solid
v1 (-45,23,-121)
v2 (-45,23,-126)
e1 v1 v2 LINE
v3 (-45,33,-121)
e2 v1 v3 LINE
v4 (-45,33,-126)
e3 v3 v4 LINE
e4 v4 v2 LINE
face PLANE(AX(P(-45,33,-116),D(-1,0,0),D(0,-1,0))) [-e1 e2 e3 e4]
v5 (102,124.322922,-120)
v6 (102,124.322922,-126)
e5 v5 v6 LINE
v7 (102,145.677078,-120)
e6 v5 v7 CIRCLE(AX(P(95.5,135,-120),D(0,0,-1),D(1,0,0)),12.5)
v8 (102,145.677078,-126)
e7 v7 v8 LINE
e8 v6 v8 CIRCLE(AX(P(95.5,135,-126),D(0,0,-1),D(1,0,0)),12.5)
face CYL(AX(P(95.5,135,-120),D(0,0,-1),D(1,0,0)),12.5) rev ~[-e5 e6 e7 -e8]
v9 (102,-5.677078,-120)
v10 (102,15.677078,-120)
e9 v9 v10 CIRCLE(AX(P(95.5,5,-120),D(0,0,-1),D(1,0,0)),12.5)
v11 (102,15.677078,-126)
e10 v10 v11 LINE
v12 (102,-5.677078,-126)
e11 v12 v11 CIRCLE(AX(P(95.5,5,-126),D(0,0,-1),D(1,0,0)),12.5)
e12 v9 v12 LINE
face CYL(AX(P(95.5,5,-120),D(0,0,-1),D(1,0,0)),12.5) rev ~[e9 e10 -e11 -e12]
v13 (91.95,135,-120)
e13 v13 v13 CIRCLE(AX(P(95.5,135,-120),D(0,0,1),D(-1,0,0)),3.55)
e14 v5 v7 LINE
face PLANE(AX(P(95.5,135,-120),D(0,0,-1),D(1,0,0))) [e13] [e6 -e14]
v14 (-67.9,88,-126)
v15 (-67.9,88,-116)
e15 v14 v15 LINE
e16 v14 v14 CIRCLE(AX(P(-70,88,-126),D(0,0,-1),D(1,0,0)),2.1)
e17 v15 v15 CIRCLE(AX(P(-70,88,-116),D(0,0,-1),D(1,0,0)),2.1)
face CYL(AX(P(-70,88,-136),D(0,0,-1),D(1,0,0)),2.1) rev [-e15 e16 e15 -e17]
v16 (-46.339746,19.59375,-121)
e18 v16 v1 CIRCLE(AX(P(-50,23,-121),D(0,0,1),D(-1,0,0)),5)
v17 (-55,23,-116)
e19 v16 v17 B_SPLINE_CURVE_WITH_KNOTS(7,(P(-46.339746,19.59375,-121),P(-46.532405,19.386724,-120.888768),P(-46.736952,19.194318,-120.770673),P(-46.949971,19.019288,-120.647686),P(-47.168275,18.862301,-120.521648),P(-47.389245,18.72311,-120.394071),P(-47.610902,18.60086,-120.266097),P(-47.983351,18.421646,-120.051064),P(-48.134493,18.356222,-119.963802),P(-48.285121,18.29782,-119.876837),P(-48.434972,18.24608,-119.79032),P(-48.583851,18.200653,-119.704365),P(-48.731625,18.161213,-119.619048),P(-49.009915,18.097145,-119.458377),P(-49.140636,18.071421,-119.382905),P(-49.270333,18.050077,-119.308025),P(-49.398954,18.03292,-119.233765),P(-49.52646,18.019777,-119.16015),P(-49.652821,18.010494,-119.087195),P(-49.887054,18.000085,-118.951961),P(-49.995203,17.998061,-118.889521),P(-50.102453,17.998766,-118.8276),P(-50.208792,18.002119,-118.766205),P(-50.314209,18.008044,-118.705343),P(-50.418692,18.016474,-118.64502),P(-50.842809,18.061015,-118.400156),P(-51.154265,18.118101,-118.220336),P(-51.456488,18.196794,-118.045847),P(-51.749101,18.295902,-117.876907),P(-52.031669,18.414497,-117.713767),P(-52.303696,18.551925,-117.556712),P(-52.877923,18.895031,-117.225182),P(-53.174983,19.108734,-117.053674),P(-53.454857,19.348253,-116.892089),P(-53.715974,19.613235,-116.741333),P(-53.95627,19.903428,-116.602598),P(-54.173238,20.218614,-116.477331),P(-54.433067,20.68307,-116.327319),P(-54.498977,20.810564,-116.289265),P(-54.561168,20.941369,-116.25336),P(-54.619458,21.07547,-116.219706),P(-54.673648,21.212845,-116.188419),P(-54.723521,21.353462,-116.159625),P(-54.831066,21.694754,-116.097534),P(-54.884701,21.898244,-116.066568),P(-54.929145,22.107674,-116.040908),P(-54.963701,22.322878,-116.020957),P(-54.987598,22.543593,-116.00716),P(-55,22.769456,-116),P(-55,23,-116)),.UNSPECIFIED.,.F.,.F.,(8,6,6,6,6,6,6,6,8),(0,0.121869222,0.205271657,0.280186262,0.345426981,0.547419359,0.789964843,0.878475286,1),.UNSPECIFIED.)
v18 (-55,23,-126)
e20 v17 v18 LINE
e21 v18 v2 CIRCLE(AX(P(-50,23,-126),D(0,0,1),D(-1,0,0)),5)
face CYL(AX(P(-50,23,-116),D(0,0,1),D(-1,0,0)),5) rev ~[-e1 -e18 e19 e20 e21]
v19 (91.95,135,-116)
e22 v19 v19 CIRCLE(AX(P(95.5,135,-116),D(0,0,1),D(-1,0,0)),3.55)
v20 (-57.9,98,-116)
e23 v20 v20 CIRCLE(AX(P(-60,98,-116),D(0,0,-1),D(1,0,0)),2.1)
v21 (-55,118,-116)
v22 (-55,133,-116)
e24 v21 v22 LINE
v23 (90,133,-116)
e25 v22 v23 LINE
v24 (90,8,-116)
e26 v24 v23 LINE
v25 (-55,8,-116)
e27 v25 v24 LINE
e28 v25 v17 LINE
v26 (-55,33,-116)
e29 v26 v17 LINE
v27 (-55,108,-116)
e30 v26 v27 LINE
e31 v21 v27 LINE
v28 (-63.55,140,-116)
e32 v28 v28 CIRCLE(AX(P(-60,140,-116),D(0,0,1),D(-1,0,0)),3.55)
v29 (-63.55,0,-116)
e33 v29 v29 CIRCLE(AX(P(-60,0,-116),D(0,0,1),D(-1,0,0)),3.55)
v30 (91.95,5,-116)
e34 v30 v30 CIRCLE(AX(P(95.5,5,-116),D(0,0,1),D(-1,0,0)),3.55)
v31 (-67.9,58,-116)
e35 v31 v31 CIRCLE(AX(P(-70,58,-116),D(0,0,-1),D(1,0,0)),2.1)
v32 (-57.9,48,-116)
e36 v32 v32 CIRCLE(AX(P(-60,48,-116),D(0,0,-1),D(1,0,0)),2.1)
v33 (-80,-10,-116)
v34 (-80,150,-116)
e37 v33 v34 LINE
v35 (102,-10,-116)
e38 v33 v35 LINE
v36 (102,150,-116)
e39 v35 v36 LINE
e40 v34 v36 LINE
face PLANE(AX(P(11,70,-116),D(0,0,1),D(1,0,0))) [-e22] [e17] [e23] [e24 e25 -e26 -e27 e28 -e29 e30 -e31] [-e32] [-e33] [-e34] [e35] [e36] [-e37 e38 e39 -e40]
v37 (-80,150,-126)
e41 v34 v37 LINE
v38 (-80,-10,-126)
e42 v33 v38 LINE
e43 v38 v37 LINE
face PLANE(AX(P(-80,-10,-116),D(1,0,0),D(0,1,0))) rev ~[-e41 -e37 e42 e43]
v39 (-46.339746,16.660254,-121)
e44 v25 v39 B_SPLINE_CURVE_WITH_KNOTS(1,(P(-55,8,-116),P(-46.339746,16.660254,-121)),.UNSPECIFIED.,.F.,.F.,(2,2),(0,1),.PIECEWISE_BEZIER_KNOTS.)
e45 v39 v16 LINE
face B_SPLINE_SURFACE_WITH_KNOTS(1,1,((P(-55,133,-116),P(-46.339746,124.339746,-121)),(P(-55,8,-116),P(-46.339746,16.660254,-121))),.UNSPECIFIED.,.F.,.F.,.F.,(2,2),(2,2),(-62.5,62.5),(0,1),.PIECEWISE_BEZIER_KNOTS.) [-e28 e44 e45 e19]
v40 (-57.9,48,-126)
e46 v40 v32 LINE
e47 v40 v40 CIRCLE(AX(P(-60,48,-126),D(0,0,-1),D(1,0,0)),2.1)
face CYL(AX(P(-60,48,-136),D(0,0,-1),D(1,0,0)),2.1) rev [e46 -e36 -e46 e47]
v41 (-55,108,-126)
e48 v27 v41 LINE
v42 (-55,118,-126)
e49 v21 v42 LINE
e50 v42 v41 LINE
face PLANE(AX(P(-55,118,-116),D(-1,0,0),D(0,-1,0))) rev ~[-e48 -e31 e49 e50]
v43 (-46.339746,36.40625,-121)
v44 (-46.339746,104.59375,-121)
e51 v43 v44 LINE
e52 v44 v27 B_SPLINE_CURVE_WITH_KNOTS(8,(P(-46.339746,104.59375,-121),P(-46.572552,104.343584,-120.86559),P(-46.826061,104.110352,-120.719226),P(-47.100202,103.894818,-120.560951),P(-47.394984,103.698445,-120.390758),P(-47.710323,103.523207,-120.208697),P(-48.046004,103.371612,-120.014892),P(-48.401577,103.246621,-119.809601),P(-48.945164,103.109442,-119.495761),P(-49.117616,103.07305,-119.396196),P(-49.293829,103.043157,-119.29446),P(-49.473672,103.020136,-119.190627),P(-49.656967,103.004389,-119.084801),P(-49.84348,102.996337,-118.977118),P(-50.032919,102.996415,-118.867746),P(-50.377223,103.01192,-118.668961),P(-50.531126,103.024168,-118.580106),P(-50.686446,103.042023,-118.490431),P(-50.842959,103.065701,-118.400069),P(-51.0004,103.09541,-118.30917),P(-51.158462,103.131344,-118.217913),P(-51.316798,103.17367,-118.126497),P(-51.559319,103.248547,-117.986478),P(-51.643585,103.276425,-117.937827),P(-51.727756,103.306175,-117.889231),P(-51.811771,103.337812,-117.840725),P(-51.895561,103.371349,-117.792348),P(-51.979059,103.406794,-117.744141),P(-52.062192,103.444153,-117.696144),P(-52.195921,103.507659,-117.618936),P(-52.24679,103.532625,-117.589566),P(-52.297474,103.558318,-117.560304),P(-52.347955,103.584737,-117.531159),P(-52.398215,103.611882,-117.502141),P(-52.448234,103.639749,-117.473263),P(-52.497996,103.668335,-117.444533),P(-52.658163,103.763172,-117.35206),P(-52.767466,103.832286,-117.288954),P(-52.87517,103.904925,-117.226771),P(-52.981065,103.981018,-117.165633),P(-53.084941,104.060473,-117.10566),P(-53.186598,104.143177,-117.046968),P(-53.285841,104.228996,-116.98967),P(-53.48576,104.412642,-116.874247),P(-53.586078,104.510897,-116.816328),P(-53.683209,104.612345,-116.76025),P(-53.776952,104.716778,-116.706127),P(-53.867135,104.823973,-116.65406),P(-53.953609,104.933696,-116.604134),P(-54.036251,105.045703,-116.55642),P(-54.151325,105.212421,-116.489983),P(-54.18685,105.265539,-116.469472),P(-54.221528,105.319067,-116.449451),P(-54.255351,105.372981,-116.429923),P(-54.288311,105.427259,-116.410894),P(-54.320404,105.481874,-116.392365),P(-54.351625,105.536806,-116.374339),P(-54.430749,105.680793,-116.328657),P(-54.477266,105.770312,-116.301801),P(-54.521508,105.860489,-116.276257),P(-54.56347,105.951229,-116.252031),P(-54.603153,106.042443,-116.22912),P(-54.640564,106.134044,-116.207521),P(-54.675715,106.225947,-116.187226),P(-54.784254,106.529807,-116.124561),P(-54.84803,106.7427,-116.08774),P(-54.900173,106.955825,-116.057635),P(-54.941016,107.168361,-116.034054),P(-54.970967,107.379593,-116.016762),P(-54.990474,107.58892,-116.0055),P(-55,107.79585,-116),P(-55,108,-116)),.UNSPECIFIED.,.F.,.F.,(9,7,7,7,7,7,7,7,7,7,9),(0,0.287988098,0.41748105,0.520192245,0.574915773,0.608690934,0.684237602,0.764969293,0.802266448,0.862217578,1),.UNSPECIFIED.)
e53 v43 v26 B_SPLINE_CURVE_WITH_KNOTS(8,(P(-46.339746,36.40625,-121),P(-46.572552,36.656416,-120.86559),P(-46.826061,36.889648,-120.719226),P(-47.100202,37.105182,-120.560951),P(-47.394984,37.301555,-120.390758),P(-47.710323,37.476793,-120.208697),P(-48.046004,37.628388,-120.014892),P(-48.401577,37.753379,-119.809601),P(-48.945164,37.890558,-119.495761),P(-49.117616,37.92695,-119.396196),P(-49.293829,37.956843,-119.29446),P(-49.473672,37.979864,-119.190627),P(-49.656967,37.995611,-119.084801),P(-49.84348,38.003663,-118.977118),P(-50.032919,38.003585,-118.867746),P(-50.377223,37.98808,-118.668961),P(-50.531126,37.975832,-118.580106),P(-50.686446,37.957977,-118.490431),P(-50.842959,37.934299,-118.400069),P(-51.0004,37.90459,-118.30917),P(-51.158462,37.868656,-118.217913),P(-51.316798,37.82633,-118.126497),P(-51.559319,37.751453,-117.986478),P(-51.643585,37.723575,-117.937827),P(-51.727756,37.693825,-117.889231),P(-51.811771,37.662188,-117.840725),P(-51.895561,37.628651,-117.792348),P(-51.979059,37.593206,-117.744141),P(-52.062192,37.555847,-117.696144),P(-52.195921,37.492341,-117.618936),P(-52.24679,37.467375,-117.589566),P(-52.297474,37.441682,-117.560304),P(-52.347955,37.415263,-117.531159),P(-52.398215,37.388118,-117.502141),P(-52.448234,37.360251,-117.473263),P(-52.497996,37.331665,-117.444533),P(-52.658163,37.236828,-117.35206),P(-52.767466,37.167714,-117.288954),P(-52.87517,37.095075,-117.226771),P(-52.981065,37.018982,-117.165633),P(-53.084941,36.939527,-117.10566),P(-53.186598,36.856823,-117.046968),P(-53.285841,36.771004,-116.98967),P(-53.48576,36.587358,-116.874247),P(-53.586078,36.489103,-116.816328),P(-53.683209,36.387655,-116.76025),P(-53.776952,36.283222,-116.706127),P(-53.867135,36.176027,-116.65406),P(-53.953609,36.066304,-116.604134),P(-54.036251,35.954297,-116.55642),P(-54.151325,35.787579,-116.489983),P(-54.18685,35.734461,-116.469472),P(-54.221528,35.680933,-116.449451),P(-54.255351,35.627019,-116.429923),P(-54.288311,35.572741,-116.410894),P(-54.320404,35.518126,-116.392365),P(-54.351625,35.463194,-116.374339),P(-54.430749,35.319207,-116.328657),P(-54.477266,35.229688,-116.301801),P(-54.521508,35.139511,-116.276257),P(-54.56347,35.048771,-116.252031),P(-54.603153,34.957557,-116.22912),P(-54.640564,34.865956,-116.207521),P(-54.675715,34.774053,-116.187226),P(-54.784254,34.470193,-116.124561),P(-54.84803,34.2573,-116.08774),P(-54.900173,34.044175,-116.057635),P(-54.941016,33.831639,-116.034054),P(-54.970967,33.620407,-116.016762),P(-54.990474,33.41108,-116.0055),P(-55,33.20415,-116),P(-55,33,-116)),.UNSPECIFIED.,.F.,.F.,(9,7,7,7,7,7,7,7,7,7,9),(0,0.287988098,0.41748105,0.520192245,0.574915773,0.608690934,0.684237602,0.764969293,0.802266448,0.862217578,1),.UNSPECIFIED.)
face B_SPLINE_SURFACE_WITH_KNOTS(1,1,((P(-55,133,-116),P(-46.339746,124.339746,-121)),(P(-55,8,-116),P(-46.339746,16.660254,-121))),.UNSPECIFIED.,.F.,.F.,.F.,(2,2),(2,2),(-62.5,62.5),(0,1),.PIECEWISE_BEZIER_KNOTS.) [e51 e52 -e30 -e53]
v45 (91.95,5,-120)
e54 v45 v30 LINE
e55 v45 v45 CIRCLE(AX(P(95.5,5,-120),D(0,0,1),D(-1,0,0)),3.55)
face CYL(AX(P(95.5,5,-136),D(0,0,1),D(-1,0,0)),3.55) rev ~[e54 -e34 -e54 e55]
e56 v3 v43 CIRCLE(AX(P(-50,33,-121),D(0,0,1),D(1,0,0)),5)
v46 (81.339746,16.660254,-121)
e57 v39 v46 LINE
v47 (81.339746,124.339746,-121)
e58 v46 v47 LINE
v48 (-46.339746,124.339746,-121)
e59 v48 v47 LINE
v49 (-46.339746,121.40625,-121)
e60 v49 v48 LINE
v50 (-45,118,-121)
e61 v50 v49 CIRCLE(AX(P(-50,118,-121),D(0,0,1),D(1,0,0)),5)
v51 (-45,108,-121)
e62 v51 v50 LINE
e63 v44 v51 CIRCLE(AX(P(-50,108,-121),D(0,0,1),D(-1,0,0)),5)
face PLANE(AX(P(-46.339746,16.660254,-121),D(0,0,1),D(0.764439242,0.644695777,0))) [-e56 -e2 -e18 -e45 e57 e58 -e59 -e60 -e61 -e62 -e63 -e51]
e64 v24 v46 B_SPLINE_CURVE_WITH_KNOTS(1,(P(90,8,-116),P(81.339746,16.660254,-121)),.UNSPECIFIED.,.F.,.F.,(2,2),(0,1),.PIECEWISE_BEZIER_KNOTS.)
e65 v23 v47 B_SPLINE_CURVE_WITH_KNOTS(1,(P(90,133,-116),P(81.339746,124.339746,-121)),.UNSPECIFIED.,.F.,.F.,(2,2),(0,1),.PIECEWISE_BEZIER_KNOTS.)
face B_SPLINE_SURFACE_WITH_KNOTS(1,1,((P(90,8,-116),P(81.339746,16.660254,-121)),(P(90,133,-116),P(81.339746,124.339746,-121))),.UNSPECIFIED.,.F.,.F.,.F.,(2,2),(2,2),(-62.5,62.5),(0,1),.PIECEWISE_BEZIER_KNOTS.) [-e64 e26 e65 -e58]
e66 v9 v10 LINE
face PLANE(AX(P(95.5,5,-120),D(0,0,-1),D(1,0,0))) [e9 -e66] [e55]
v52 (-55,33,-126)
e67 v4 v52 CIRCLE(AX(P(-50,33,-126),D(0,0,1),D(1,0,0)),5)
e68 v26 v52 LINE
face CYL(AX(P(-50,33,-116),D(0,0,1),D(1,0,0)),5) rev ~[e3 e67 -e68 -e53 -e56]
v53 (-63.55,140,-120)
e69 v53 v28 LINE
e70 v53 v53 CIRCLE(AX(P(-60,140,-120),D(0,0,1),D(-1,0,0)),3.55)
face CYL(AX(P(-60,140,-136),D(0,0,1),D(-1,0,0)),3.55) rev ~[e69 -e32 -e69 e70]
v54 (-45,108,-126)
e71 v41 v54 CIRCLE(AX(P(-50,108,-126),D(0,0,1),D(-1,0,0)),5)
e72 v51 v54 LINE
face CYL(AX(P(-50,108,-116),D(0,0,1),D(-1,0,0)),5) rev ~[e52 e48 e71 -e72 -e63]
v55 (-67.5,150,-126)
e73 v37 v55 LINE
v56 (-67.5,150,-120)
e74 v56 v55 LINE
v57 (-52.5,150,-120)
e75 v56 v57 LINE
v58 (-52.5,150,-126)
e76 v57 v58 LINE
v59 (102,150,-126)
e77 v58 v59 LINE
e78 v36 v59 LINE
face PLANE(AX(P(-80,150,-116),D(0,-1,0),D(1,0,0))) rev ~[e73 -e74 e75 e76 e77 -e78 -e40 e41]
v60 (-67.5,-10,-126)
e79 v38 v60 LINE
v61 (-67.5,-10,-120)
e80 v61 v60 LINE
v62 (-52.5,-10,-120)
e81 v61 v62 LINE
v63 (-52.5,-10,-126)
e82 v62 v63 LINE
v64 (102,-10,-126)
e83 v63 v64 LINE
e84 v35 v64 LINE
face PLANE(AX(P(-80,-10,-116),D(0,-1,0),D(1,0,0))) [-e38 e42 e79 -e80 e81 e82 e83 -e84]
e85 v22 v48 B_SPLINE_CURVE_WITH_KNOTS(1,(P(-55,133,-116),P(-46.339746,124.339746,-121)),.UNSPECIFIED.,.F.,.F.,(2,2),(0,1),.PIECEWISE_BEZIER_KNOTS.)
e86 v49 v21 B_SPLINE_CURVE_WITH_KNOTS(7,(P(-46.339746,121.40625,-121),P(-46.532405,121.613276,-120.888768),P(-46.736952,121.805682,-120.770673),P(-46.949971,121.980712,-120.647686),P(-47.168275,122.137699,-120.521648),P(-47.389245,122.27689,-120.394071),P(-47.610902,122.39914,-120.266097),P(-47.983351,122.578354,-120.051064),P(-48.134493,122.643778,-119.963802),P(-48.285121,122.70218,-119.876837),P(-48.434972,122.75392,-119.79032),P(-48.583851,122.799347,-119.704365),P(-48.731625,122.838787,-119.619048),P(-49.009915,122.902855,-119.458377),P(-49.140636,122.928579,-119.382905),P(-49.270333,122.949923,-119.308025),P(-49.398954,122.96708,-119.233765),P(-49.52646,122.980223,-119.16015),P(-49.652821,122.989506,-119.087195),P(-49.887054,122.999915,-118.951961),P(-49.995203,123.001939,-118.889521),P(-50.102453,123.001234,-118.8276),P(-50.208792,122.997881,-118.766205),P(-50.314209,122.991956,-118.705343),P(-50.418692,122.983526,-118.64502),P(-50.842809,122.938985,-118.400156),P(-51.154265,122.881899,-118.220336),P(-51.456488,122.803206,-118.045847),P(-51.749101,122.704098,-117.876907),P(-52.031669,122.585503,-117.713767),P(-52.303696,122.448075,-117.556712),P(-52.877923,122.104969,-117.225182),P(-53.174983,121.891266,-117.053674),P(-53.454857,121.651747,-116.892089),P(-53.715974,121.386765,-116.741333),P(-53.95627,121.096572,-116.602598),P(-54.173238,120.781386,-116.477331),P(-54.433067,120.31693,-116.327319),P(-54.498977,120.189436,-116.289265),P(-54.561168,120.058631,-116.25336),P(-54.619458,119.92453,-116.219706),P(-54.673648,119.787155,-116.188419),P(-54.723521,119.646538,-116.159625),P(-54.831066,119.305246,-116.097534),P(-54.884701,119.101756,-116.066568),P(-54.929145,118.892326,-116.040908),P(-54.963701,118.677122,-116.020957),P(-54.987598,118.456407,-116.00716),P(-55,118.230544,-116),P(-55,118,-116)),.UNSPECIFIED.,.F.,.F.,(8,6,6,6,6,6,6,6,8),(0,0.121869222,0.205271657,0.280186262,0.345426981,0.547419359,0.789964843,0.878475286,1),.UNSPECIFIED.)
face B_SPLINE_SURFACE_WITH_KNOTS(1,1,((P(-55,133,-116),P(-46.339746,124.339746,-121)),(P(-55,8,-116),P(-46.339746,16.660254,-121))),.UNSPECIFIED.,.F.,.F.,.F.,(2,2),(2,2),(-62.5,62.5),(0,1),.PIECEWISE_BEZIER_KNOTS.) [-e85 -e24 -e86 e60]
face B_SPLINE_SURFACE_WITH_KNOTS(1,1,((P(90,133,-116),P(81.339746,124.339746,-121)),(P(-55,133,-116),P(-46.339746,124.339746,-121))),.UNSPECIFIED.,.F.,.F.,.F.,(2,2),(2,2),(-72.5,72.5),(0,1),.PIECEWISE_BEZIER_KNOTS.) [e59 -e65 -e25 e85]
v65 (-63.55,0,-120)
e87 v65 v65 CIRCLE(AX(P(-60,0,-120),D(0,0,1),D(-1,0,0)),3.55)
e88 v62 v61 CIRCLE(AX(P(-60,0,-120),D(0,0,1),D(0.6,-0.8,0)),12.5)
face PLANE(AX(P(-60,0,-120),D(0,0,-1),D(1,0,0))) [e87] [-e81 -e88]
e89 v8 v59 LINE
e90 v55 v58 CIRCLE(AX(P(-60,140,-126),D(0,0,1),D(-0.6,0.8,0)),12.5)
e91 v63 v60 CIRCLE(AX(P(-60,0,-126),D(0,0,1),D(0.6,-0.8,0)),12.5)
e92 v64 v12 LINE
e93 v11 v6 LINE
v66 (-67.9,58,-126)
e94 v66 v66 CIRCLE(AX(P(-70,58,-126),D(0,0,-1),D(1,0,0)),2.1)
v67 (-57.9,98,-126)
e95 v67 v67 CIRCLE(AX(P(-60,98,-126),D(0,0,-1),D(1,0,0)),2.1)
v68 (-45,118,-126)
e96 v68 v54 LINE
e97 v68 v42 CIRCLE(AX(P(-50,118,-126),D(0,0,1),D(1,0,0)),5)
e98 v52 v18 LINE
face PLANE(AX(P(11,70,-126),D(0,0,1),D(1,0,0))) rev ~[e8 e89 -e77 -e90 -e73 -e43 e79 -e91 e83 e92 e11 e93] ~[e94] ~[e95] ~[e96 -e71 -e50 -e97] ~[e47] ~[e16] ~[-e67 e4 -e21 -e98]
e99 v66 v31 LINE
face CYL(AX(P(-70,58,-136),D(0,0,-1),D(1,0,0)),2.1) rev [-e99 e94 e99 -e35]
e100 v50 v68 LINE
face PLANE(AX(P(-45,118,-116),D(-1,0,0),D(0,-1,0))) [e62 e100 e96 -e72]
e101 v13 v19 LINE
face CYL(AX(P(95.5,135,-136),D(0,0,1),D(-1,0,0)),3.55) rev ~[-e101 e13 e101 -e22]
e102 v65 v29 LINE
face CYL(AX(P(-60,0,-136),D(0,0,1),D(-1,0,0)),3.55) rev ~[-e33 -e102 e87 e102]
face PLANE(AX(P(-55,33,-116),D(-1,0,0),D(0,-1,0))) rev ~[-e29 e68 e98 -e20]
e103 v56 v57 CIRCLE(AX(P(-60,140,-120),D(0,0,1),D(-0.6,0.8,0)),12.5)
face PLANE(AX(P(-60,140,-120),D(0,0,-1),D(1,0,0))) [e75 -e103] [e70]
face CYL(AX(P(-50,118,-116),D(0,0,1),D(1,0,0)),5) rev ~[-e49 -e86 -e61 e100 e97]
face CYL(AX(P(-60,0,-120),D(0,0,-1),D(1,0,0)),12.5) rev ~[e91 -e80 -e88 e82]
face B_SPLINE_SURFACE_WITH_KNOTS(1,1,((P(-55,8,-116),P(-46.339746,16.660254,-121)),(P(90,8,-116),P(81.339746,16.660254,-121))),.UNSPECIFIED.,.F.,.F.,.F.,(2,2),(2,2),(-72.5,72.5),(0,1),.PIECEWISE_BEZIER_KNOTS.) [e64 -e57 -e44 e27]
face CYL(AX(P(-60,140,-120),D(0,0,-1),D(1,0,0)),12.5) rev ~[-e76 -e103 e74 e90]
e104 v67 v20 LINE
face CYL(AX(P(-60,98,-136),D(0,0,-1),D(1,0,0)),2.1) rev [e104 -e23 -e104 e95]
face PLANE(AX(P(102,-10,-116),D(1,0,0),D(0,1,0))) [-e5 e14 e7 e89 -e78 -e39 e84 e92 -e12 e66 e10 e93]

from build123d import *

# Parameters (mm, degrees)
SKETCH014_W         = 182
SKETCH014_H         = 160
PAD007_DEPTH        = 10
HOLE006_D           = 7.1
HOLE006_DEPTH       = 52
HOLE006_CBORE_D     = 25
HOLE006_CBORE_DEPTH = 16
POCKET002_DEPTH     = 29
SKETCH018_W         = 145
SKETCH018_H         = 125
POCKET003_DEPTH     = 5
POCKET003_TAPER     = 60
SKETCH019_R         = 2.1
HOLE007_DEPTH       = 25


with BuildPart() as part:
    # Sketch014 → Pad007 (new body)
    with BuildSketch(Plane.XY):
        with Locations((91, 82)):
            Rectangle(SKETCH014_W, SKETCH014_H)
    extrude(amount=-PAD007_DEPTH)

    # Hole006
    with Locations(Plane(origin=(0, 0, -20), x_dir=(1, 0, 0), z_dir=(0, 0, -1))):
        with Locations((20, -152), (20, -12), (175.5, -147), (175.5, -17)):
            CounterBoreHole(HOLE006_D / 2, HOLE006_CBORE_D / 2, HOLE006_CBORE_DEPTH, depth=HOLE006_DEPTH)

    # Sketch017 → Pocket002 (cut)
    with BuildSketch(Plane.XY):
        with BuildLine():
            ThreePointArc((35, 130), (30, 135), (25, 130))
            Line((25, 130), (25, 120))
            ThreePointArc((25, 120), (30, 115), (35, 120))
            Line((35, 130), (35, 120))
        make_face()
        with BuildLine():
            ThreePointArc((35, 45), (30, 50), (25, 45))
            Line((25, 45), (25, 35))
            ThreePointArc((25, 35), (30, 30), (35, 35))
            Line((35, 45), (35, 35))
        make_face()
    extrude(amount=-POCKET002_DEPTH, mode=Mode.SUBTRACT)

    # Sketch018 → Pocket003 (cut)
    with BuildSketch(Plane.XY):
        with Locations((97.5, 82.5)):
            Rectangle(SKETCH018_W, SKETCH018_H)
    extrude(amount=-POCKET003_DEPTH, taper=POCKET003_TAPER, mode=Mode.SUBTRACT)

    # Sketch019 → Hole007 (cut)
    with BuildSketch(Plane.XY.offset(-20)):
        with Locations((20, 60)):
            Circle(SKETCH019_R)
        with Locations((20, 110)):
            Circle(SKETCH019_R)
        with Locations((10, 100)):
            Circle(SKETCH019_R)
        with Locations((10, 70)):
            Circle(SKETCH019_R)
    extrude(amount=HOLE007_DEPTH, mode=Mode.SUBTRACT)


with BuildPart() as part_1:
    # Body005 placement: moved
    add(part.part.moved(Location((-80, -12, -116))))


solid = part_1.part
